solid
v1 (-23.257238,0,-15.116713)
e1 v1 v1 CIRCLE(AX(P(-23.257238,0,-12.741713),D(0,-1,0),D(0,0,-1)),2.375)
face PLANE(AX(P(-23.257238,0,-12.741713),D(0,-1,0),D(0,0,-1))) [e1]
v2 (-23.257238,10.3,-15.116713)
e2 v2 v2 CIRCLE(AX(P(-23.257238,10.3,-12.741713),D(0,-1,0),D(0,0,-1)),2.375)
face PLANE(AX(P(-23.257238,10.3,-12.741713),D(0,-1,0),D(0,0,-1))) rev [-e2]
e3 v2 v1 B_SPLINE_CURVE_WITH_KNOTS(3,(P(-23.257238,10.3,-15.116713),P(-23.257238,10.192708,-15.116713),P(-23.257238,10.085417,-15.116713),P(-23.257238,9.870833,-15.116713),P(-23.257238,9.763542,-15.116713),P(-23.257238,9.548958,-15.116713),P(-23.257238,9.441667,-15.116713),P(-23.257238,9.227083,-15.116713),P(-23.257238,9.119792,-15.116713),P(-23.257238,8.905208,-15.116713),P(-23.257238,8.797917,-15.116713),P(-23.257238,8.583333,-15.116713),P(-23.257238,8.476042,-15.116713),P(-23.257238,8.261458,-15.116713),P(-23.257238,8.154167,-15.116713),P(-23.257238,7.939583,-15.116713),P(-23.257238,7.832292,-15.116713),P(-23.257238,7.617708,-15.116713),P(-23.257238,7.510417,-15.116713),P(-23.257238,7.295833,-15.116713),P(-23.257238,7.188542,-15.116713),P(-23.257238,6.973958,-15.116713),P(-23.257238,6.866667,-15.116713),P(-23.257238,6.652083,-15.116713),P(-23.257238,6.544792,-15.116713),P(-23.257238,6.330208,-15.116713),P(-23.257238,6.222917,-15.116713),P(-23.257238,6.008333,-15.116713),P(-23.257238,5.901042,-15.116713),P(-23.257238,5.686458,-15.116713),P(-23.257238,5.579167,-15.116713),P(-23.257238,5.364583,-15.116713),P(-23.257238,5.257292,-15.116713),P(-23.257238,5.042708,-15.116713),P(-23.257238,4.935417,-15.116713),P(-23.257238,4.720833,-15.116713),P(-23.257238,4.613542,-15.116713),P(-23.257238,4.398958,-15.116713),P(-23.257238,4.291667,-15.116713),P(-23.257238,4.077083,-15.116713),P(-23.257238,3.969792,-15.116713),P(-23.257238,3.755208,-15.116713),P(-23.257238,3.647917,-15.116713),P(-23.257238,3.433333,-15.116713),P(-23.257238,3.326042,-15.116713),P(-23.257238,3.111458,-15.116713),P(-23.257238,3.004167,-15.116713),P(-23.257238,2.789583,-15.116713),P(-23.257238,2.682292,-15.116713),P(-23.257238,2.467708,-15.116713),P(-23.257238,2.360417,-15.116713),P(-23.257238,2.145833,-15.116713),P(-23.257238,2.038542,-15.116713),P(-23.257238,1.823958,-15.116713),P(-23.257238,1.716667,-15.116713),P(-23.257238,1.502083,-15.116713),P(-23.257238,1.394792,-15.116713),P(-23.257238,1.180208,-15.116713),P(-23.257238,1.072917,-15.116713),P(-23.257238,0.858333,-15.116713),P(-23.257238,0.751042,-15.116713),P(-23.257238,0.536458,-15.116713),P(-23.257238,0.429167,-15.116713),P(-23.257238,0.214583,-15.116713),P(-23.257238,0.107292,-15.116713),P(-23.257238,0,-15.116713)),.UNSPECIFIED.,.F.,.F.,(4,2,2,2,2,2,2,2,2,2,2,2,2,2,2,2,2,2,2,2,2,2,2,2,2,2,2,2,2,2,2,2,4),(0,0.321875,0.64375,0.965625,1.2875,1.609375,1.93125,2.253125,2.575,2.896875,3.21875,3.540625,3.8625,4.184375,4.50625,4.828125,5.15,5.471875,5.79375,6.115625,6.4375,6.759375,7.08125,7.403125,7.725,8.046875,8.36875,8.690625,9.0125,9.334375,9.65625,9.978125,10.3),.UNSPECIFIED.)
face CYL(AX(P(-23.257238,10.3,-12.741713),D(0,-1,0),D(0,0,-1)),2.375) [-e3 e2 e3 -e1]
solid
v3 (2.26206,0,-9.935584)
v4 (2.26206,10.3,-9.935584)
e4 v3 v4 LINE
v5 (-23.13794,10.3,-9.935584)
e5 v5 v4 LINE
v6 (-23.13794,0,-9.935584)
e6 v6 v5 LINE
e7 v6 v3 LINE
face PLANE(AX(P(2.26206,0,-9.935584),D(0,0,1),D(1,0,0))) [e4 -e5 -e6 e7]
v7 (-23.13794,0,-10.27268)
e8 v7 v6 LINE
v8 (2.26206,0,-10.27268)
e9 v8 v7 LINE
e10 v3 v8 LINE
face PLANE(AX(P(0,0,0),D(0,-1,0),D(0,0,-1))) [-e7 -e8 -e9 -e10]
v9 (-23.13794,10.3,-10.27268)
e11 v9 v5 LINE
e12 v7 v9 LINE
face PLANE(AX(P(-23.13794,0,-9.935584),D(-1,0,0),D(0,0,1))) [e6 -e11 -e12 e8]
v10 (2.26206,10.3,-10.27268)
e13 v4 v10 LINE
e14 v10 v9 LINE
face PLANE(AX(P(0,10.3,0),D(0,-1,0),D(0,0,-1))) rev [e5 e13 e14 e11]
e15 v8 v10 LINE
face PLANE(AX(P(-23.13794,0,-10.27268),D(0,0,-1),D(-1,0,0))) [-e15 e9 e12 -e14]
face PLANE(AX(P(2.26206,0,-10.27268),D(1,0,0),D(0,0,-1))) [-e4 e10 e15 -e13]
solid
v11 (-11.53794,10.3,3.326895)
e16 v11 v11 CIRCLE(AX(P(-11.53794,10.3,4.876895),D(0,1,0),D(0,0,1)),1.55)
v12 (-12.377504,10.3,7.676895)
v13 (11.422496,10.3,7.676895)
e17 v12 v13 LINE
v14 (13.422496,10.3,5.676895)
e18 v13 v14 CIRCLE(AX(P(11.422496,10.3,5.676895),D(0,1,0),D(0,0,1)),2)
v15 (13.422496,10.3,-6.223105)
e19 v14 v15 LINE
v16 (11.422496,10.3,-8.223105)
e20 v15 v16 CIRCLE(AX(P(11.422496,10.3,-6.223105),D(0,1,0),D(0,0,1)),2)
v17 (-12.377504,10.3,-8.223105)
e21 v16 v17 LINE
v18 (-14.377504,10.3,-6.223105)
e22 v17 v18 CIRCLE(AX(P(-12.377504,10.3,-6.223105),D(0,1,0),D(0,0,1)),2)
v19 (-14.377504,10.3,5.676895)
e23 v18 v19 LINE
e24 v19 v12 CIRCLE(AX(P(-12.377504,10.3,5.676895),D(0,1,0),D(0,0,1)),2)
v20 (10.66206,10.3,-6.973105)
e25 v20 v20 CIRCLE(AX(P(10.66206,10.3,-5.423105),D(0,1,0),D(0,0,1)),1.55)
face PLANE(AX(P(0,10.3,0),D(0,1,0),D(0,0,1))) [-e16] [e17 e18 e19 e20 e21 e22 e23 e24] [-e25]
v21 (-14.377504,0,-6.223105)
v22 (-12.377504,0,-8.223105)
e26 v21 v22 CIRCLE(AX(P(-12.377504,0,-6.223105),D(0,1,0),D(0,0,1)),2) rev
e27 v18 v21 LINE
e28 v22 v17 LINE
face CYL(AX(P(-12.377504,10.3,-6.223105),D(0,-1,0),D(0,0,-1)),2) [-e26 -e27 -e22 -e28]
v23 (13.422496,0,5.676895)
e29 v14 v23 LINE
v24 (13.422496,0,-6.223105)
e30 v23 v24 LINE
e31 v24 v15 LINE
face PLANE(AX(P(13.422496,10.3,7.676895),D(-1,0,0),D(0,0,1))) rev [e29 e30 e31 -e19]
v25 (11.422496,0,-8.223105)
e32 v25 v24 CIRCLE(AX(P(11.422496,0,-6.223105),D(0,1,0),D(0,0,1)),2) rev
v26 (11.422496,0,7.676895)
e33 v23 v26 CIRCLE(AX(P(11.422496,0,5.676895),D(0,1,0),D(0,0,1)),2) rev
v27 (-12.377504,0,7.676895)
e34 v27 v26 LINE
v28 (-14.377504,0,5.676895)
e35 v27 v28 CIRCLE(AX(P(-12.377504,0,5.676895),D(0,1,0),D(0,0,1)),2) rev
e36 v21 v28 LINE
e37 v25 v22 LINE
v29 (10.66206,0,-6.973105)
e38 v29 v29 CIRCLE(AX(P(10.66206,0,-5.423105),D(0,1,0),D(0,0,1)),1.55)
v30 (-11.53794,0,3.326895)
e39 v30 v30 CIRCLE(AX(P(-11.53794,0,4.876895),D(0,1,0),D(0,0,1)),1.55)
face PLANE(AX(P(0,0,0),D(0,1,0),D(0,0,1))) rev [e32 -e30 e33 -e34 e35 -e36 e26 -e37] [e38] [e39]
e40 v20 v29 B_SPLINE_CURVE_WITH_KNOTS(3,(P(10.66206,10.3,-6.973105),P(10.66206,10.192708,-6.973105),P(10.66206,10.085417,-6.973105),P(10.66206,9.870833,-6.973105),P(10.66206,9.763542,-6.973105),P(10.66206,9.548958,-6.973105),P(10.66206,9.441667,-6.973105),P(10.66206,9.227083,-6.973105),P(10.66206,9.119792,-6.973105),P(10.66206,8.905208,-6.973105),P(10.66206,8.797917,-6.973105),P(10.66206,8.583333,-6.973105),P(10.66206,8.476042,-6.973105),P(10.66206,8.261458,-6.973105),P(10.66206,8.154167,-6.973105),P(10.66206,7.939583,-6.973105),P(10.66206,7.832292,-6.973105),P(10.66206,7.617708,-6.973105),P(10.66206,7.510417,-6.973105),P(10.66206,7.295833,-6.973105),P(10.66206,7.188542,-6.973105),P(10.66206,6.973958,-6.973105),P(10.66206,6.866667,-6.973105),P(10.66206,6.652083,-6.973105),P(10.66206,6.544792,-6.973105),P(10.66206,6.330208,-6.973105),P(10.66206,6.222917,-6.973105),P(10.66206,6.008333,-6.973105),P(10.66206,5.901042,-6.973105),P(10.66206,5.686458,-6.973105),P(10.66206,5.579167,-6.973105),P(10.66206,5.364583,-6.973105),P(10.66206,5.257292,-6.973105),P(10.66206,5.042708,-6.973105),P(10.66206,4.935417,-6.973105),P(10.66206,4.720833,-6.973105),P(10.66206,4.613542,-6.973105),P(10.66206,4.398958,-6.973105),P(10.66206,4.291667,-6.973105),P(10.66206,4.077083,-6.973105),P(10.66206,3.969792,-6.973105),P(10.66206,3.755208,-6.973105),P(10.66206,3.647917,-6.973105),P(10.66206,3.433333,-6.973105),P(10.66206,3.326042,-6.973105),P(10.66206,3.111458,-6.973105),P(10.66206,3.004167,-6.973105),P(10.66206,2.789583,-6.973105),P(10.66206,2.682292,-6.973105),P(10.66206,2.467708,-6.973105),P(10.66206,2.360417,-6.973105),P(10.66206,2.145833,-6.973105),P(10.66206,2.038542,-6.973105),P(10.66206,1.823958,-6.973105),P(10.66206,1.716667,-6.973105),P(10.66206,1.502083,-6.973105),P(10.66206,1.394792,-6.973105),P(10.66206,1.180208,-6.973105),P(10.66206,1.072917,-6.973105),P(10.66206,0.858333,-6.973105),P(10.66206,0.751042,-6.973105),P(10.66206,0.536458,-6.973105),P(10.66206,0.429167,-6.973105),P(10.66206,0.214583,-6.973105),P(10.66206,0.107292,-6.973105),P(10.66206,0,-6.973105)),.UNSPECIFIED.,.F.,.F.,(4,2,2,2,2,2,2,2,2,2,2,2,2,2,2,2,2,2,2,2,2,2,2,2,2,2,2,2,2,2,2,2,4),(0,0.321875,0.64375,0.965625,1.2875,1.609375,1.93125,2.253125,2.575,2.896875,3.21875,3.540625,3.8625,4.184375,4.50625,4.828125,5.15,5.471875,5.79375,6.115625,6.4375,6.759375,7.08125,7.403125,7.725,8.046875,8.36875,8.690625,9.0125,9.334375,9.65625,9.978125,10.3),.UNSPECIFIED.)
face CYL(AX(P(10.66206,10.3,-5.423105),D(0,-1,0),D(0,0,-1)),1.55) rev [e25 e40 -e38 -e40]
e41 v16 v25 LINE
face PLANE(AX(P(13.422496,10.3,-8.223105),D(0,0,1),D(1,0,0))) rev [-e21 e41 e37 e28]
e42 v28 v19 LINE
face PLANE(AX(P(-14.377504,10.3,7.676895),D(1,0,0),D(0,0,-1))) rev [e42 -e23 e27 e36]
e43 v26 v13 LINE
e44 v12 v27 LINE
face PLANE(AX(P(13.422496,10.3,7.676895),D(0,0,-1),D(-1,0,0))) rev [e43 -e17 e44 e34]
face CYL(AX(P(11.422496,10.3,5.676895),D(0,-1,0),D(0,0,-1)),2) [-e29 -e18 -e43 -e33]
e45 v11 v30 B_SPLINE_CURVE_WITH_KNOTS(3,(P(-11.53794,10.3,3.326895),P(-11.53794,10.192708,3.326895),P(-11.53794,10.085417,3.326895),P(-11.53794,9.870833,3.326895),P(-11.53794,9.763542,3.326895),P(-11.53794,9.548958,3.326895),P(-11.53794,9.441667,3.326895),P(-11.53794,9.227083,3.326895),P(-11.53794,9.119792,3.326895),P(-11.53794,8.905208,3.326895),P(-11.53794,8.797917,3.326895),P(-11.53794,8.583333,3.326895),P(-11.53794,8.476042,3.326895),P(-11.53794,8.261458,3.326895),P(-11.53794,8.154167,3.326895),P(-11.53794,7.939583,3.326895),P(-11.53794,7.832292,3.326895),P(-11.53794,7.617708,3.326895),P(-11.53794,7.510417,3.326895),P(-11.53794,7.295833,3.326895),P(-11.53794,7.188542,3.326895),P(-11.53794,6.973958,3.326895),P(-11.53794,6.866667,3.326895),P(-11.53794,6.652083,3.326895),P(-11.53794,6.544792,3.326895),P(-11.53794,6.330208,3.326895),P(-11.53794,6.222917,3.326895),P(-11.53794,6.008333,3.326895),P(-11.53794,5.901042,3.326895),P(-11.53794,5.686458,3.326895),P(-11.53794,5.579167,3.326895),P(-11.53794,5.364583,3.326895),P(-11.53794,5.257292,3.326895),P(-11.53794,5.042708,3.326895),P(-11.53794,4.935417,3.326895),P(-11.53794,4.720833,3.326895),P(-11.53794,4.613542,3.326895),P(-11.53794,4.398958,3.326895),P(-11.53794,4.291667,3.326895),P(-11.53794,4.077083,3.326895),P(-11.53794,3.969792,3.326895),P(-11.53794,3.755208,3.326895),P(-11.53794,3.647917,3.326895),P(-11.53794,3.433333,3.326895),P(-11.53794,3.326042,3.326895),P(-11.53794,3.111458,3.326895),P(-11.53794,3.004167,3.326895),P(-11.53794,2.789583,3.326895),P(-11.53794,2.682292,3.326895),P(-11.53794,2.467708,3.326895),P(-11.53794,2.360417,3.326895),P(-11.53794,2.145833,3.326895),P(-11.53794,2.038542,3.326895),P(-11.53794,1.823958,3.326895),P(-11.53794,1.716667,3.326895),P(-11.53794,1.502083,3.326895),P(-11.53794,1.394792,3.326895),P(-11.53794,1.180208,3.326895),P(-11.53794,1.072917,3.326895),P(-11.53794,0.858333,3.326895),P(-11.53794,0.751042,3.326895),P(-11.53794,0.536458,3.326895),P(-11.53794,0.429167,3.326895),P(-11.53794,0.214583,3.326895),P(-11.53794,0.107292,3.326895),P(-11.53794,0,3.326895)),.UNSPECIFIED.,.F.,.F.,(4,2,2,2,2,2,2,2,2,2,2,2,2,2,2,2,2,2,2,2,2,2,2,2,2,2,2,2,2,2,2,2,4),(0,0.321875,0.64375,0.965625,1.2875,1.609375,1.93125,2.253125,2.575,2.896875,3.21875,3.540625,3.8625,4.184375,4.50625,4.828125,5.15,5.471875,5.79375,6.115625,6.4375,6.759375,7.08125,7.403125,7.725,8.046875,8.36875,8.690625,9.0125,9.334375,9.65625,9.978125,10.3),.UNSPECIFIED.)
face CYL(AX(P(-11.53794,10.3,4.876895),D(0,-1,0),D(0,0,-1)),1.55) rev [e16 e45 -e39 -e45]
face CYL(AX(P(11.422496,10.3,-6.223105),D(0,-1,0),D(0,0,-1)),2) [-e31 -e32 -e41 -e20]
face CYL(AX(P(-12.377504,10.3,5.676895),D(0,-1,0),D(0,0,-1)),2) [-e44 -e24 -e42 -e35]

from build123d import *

# Parameters (mm, degrees)
SKETCH1_W           = 27.8
SKETCH1_H           = 15.9
SKETCH1_R           = 1.55
BOSS_EXTRUDE1_DEPTH = 10.3
FILLET1_R           = 2
SKETCH2_W           = 25.4
SKETCH2_H           = 0.337095458
BOSS_EXTRUDE2_DEPTH = 10.3
SKETCH3_R           = 2.375
BOSS_EXTRUDE3_DEPTH = 10.3


with BuildPart() as part:
    # Sketch1 → Boss-Extrude1 (new body)
    with BuildSketch(Plane(origin=(0, 0, 0), x_dir=(1, 0, 0), z_dir=(0, 1, 0))):
        with Locations((-0.477504057, 0.273104838)):
            Rectangle(SKETCH1_W, SKETCH1_H)
        with Locations(Location((10.662060344, 5.423104838, 0), (0, 0, 90))):
            Circle(SKETCH1_R, mode=Mode.SUBTRACT)
        with Locations(Location((-11.537939656, -4.876895162, 0), (0, 0, 90))):
            Circle(SKETCH1_R, mode=Mode.SUBTRACT)
    extrude(amount=BOSS_EXTRUDE1_DEPTH)

    # Fillet1
    fillet1_edges = [part.edges().sort_by_distance(p)[0] for p in [
        (-14.377504057, 5.15, -8.223104838),
        (13.422495943, 5.15, -8.223104838),
        (13.422495943, 5.15, 7.676895162),
        (-14.377504057, 5.15, 7.676895162),
    ]]
    fillet(fillet1_edges, radius=FILLET1_R)


with BuildPart() as body_2:
    # Sketch2 → Boss-Extrude2 (new body)
    with BuildSketch(Plane(origin=(0, 10.3, 0), x_dir=(1, 0, 0), z_dir=(0, 1, 0))):
        with Locations((-10.437939656, 10.104131828)):
            Rectangle(SKETCH2_W, SKETCH2_H)
    extrude(amount=-BOSS_EXTRUDE2_DEPTH)


with BuildPart() as body_3:
    # Sketch3 → Boss-Extrude3 (new body)
    with BuildSketch(Plane(origin=(-46.217462662, 0, 0), x_dir=(-1, 0, 0), z_dir=(0, -1, 0))):
        with Locations(Location((-22.960225011, 12.74171273, 0), (0, 0, 90))):
            Circle(SKETCH3_R)
    extrude(amount=-BOSS_EXTRUDE3_DEPTH)


solid = Compound([part.part, body_2.part, body_3.part])
